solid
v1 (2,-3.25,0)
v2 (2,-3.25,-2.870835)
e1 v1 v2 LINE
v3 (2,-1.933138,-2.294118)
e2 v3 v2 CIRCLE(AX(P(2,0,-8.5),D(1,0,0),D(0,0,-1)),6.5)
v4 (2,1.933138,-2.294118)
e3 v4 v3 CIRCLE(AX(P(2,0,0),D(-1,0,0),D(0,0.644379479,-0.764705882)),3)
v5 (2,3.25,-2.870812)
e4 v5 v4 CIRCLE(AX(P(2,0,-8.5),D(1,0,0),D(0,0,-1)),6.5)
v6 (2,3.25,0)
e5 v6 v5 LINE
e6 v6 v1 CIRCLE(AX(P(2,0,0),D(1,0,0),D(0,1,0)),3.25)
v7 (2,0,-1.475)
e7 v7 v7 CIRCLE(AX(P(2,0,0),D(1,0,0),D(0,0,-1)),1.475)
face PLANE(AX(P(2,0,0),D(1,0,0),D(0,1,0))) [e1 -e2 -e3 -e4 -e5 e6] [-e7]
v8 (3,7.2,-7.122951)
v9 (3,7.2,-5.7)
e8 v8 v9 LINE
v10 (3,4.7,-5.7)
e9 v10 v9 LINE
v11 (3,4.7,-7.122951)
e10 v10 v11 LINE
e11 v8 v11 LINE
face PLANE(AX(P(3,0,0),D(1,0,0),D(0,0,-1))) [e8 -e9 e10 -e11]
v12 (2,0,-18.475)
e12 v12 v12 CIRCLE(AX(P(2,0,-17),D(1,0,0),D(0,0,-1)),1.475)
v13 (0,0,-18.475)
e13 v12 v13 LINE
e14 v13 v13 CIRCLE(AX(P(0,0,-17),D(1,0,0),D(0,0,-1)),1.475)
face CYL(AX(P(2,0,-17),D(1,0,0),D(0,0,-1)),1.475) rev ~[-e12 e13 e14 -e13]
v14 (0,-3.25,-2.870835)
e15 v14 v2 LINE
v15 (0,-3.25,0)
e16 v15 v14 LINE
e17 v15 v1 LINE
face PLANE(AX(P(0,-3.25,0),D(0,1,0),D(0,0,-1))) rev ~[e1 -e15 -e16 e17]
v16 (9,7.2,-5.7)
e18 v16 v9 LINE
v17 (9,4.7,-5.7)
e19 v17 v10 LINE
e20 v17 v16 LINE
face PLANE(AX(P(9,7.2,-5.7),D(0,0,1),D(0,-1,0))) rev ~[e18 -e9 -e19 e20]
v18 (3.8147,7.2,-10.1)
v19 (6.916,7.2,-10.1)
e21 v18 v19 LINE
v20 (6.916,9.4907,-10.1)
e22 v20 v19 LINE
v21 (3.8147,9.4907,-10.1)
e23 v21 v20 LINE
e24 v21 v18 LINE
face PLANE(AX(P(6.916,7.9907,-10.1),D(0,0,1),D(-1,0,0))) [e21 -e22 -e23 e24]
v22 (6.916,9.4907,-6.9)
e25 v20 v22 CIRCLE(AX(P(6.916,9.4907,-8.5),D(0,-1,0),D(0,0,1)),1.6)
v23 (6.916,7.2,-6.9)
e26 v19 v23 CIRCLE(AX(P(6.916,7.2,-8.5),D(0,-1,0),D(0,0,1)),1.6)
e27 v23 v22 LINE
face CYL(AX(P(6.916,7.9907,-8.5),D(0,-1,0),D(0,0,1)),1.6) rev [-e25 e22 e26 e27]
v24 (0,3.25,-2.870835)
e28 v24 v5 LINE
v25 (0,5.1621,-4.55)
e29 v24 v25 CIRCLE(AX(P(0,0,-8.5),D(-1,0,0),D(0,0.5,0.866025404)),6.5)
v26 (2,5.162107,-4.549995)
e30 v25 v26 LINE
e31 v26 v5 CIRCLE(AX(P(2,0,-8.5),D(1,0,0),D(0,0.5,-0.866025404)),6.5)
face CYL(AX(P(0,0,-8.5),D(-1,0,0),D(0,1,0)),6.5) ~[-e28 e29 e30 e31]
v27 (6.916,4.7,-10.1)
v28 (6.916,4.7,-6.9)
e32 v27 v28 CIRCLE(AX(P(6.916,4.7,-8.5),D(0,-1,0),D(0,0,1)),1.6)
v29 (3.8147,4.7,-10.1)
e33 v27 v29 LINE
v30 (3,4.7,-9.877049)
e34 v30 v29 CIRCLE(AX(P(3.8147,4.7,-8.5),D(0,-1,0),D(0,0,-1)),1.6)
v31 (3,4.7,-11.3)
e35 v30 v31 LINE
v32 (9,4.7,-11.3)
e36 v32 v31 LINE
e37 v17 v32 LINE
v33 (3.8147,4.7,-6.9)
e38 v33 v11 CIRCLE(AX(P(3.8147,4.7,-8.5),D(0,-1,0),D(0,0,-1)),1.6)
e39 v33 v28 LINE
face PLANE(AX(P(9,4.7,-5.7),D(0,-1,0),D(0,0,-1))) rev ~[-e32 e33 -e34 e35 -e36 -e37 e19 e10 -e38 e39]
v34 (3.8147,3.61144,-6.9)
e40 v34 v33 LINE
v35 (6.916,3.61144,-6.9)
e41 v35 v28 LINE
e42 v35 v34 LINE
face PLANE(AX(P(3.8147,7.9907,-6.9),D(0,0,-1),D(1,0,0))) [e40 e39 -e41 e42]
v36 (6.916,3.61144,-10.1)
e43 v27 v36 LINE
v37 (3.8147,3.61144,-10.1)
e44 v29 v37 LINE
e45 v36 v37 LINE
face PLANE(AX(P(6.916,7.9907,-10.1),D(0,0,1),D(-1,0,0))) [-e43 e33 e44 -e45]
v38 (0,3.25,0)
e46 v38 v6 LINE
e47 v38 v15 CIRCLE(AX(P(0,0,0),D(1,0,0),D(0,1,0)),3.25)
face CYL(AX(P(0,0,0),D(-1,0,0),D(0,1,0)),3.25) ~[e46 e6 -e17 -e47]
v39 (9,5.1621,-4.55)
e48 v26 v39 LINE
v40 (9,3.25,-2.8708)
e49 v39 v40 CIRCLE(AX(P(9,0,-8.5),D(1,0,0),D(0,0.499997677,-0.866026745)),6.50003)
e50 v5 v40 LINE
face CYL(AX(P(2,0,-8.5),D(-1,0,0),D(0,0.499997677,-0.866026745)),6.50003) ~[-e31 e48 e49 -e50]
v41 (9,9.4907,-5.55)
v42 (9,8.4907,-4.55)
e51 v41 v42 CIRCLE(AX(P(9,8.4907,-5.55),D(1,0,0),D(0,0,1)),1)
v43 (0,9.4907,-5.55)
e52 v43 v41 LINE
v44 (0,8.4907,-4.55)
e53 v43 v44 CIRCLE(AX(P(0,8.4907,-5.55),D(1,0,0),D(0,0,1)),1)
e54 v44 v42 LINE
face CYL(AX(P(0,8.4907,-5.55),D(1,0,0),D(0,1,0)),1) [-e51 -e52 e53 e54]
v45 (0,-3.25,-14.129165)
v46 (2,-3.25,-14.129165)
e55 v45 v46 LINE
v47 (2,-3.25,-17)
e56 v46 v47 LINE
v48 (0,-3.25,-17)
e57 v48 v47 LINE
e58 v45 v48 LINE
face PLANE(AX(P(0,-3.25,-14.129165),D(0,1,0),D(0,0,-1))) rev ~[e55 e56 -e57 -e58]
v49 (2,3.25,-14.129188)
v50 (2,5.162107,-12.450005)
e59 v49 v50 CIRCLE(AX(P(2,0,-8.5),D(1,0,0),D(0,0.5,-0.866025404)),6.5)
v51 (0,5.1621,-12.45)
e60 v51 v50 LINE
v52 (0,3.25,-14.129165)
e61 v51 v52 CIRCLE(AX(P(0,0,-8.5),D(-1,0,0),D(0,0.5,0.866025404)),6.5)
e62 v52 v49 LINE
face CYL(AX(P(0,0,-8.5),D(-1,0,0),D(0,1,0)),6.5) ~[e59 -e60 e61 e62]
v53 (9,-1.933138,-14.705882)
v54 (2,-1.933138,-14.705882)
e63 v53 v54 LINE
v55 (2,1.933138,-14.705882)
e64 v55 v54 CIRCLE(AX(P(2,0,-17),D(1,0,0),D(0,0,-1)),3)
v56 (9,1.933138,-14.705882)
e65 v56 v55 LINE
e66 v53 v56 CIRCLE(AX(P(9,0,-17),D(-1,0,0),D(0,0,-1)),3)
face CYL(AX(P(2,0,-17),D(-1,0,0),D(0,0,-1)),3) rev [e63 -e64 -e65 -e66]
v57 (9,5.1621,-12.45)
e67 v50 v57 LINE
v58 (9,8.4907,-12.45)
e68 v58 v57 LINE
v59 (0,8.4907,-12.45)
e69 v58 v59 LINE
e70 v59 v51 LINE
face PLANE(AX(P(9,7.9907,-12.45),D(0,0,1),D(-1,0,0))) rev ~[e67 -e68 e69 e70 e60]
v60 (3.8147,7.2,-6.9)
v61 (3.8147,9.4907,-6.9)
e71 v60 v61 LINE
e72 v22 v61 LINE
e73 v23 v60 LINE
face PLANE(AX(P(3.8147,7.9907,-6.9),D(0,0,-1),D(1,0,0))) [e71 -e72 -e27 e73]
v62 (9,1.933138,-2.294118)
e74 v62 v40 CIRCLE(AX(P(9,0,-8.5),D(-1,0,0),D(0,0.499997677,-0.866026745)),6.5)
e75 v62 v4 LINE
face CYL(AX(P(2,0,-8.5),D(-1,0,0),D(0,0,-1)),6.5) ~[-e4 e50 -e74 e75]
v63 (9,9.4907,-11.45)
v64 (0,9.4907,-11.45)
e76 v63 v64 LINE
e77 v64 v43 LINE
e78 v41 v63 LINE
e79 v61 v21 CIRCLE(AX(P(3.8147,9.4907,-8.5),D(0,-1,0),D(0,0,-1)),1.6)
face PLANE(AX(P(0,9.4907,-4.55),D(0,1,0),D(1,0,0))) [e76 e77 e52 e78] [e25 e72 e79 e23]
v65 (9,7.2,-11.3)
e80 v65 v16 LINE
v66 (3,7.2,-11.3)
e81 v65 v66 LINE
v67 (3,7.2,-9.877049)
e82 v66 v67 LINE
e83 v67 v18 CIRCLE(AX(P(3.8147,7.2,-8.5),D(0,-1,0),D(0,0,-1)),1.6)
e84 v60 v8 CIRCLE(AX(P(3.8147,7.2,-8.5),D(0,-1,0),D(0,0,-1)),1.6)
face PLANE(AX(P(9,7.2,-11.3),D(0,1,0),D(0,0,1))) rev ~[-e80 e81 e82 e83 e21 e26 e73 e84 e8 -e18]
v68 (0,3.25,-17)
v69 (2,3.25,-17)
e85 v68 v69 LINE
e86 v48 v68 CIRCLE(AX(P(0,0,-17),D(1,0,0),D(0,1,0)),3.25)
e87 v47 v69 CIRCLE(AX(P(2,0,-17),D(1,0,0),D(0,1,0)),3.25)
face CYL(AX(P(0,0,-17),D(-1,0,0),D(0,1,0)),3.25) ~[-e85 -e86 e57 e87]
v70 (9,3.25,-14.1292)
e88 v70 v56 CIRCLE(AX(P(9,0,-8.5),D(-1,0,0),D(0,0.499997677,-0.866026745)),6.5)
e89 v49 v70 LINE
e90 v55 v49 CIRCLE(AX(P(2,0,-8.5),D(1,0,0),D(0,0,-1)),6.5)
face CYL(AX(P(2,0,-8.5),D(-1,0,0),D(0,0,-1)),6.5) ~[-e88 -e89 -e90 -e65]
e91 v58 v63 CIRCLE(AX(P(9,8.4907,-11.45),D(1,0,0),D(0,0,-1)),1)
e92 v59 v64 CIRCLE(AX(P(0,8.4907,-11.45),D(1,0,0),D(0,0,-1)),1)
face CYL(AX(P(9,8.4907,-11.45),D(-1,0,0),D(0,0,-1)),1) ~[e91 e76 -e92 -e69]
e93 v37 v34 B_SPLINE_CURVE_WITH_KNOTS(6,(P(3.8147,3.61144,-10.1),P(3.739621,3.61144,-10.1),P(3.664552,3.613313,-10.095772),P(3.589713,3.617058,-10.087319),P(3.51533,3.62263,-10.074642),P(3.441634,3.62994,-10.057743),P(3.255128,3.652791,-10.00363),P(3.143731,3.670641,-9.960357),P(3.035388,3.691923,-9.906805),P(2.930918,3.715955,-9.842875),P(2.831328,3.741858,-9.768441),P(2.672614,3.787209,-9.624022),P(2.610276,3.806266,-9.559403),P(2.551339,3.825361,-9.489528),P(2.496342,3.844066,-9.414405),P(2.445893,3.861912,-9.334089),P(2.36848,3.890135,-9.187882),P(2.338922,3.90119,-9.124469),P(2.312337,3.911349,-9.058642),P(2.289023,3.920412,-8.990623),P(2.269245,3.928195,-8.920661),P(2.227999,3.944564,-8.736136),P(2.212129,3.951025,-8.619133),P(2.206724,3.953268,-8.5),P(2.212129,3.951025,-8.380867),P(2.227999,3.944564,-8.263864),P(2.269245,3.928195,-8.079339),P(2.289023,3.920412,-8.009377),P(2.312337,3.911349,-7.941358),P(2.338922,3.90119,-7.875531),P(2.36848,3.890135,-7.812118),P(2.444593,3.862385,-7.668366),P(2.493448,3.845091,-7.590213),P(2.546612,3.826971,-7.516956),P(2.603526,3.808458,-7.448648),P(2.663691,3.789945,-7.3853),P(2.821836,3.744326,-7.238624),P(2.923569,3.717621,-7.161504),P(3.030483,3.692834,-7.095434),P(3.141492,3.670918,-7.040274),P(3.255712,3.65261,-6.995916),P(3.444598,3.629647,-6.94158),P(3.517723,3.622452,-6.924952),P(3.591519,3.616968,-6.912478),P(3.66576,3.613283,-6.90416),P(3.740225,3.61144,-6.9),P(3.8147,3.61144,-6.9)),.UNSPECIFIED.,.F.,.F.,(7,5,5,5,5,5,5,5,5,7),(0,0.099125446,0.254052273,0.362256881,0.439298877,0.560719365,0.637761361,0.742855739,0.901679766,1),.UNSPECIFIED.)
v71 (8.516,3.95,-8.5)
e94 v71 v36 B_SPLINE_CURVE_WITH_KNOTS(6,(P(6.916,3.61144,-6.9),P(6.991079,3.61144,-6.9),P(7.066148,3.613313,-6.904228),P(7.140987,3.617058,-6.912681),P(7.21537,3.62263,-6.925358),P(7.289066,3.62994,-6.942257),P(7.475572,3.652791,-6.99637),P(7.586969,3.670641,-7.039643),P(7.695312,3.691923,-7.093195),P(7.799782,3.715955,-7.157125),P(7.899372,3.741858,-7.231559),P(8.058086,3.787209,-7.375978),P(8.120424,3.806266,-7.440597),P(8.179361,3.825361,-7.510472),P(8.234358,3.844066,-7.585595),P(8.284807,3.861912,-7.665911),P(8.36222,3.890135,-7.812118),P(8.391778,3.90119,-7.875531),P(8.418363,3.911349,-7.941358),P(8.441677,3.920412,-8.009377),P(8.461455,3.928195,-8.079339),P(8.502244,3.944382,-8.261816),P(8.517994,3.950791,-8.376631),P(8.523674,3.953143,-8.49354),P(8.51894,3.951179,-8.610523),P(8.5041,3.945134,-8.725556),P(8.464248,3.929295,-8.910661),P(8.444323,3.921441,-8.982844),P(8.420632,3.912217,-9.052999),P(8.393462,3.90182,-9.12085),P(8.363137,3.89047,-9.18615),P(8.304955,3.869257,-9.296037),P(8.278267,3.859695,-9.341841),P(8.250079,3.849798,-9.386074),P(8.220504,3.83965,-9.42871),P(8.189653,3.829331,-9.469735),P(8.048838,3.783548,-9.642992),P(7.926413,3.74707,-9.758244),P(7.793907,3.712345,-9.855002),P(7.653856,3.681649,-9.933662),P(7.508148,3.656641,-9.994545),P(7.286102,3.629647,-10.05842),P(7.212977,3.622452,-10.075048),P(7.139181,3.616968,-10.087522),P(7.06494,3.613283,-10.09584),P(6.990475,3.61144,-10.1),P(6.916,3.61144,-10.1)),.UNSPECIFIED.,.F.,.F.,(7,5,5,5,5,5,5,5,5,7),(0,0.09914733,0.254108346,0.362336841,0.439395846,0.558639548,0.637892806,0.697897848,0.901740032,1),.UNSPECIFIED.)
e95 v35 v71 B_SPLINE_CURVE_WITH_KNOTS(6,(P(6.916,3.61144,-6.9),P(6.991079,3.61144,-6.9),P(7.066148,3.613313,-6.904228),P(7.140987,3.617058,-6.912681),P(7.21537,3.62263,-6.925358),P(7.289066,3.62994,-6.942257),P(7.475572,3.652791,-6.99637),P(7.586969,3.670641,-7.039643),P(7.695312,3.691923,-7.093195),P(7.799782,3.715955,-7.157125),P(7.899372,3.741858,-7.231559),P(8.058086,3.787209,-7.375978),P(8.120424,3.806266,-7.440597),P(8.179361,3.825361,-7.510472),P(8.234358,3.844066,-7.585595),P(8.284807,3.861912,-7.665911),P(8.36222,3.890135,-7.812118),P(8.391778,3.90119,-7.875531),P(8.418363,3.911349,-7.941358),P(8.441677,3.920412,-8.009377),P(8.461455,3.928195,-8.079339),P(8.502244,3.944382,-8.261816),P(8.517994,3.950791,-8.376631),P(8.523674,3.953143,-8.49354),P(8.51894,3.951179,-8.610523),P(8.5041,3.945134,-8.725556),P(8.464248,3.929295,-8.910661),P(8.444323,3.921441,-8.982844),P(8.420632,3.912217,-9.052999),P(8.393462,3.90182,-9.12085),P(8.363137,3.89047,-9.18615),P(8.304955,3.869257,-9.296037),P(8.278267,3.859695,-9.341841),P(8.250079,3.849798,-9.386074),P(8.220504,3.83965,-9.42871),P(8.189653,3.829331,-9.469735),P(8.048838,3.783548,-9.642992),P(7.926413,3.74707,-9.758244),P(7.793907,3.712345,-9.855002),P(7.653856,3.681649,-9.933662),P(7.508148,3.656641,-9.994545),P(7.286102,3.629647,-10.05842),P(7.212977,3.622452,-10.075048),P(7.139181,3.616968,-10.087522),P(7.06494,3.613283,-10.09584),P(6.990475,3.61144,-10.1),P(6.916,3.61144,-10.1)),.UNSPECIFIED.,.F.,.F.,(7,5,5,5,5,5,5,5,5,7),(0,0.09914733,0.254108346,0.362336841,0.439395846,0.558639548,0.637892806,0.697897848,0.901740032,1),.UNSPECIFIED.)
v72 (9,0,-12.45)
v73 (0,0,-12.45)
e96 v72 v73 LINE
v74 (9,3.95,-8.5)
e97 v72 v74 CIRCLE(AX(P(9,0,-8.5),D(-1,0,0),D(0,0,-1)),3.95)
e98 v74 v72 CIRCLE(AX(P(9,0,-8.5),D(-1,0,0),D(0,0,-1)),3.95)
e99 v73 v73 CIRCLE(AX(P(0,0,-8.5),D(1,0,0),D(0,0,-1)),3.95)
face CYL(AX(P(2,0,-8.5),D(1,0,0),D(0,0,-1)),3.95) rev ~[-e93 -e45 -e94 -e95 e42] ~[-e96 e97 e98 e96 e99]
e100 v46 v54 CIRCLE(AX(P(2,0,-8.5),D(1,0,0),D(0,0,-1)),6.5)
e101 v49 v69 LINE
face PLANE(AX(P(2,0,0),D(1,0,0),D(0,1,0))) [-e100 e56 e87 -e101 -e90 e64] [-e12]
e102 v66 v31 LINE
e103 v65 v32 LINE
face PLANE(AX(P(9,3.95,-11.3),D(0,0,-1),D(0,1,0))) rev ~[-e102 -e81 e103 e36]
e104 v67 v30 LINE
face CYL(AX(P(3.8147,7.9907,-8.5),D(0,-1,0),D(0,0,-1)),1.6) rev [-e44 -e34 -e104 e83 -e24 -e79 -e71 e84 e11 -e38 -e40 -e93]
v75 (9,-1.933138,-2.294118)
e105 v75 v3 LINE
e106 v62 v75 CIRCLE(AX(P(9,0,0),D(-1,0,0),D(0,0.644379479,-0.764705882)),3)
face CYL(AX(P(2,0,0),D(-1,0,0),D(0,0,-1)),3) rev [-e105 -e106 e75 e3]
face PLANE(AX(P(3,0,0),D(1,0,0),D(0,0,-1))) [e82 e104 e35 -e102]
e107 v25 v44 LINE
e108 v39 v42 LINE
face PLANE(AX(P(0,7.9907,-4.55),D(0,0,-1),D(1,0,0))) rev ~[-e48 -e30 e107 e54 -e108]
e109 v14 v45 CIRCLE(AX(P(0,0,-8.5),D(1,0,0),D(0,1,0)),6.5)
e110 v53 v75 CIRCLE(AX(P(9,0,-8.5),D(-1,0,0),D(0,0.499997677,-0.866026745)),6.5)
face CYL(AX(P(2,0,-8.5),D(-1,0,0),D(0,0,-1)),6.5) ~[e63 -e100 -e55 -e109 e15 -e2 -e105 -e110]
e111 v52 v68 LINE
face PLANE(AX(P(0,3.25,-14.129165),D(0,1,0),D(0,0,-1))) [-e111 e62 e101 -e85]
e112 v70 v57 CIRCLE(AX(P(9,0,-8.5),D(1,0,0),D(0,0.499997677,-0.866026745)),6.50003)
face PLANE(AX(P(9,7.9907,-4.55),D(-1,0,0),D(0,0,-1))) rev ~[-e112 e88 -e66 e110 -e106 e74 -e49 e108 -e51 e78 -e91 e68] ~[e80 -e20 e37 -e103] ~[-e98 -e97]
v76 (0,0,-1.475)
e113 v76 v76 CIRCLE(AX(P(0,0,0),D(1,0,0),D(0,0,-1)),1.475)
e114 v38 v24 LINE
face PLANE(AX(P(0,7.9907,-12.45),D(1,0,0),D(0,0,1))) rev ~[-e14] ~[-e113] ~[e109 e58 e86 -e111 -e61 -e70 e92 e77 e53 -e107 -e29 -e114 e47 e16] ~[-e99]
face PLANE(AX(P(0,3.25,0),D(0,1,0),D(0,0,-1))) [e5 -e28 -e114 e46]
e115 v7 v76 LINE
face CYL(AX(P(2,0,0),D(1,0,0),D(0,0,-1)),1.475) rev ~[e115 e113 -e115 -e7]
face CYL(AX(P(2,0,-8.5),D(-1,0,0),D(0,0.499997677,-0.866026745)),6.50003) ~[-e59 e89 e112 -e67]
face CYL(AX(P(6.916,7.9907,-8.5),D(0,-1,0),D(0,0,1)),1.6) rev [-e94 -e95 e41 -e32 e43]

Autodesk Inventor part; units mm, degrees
ref_plane "YZ Plane" through (0, 0, 0) normal (1, 0, 0) x (0, 1, 0)
ref_plane "XZ Plane" through (0, 0, 0) normal (0, 1, 0) x (-1, 0, 0)
ref_plane "XY Plane" through (0, 0, 0) normal (0, 0, 1) x (1, 0, 0)
sketch "Sketch1" plane through (0, 0, 0) normal (1, 0, 0) x (0, 1, 0)
  line L0 (0, 0) -> (0, -17)
  circle A0 centre (0, 0) radius 1.6
  circle A1 centre (0, -17) radius 1.6
  circle A2 centre (0, 0) radius 3.25
  circle A3 centre (0, -17) radius 3.25
  circle A4 centre (0, -8.5) radius 6.5
  line L1 (3.25, 0) -> (3.25, -17)
  line L2 (-3.25, 0) -> (-3.25, -17)
  point P0 (3.25, -14.1292)
  point P1 (3.25, -2.8708)
  point P2 (-3.25, -2.8708)
  point P3 (-3.25, -14.1292)
  dimension "d3" = 6.5
  dimension "d4" = 6.5
  dimension "d0" = 17
  dimension "d1" = 3.2
  dimension "d2" = 3.2
  dimension "d5" = 13
extrude "Extrusion1" add sketch "Sketch1" along normal blind 2
sketch "Sketch2" plane through (2, 0, 0) normal (1, 0, 0) x (0, 0, -1)
  arc A0 (14.1292, 3.25) -> (2.8708, 3.25) centre (8.5, 0) ccw projected
  circle A1 centre (8.5, 0) radius 6.5
  circle A2 centre (8.5, 0) radius 3.95
  point P0 (0, 0)
  point P1 (2.8708, 3.25)
  point P2 (14.1292, 3.25)
  dimension "d8" = 7.9
extrude "Extrusion2" add sketch "Sketch2" along normal blind 7
sketch "Sketch3" plane through (2, 0, 0) normal (1, 0, 0) x (0, 0, -1)
  circle A0 centre (0, 0) radius 3
  circle A1 centre (17, 0) radius 1.6 projected
  circle A2 centre (17, 0) radius 3
  dimension "d11" = 6
  dimension "d12" = 6
extrude "Extrusion3" cut sketch "Sketch3" along normal through all contours A0 | A1 | A2
sketch "Sketch4" plane through (0, 0, 0) normal (-1, 0, 0) x (0, 0, 1)
  circle A0 centre (-8.5, 0) radius 3.95 projected
  line L0 (-8.5, 0) -> (-8.5, 3.95)
  line L1 (-5.7, 6.45) -> (-11.3, 6.45)
  line L2 (-11.3, 6.45) -> (-11.3, 1.45)
  line L3 (-11.3, 1.45) -> (-5.7, 1.45)
  line L4 (-5.7, 1.45) -> (-5.7, 6.45)
  line L5 (-5.7, 6.45) -> (-11.3, 1.45) construction
  line L6 (-11.3, 6.45) -> (-5.7, 1.45) construction
  line L7 (-11.3, 3.95) -> (-5.7, 3.95)
  line L8 (-12.45, -7.9907) -> (-4.55, -7.9907)
  line L9 (-4.55, -7.9907) -> (-4.55, 7.9907)
  line L10 (-4.55, 7.9907) -> (-12.45, 7.9907)
  line L11 (-12.45, 7.9907) -> (-12.45, -7.9907)
  line L12 (-12.45, -7.9907) -> (-4.55, 7.9907) construction
  line L13 (-4.55, -7.9907) -> (-12.45, 7.9907) construction
  arc A1 (-2.2941, 1.9331) -> (-14.7059, 1.9331) centre (-8.5, 0) ccw projected
  line L14 (-4.55, 5.1621) -> (-12.45, 5.1621)
  point P0 (0, 0)
  point P1 (-5.7, 5.1621)
  point P2 (-5.7, 2.7861)
  point P3 (-4.55, 0)
  dimension "d15" = 5.6
  dimension "d16" = 5
extrude "Extrusion4" add sketch "Sketch4" against normal blind 9 contours A0 L4 L14 L9 | A1 L4 L1 L2 L11 L10 L9 | L14 L4 A1 | A1 L2 L14 | A1 L1 L4 | L4 L14 L2 A1 L1 | L2 L1 A1 | L1 A1
sketch "Sketch5" plane through (9, 0, 0) normal (1, 0, 0) x (0, 0, -1)
  circle A0 centre (8.5, 0) radius 3.95 projected
  line L0 (8.5, 0) -> (8.5, 3.95)
  line L1 (5.7, 1.45) -> (11.3, 1.45)
  line L2 (11.3, 1.45) -> (11.3, 6.45)
  line L3 (11.3, 6.45) -> (5.7, 6.45)
  line L4 (5.7, 6.45) -> (5.7, 1.45)
  line L5 (5.7, 1.45) -> (11.3, 6.45) construction
  line L6 (11.3, 1.45) -> (5.7, 6.45) construction
  line L7 (8.5, 3.95) -> (5.7, 3.95)
  line L8 (5.7, 3.95) -> (11.3, 3.95)
  point P0 (0, 0)
  dimension "d19" = 5.6
  dimension "d20" = 5
extrude "Extrusion5" cut sketch "Sketch5" against normal blind 6 contours L7 L4 L3 L2 L8
sketch "Sketch6" plane through (0, 7.9907, -4.55) normal (0, 1, 0) x (1, 0, 0)
  point P0 (0, -4.55)
sketch "Sketch7" plane through (0, 7.9907, -4.55) normal (0, 1, 0) x (1, 0, 0)
  line L0 (9, 3.95) -> (3, 3.95) projected
  line L1 (3.8147, 3.95) -> (6.916, 3.95) construction
  line L2 (3.8147, 2.35) -> (6.916, 2.35)
  line L3 (6.916, 5.55) -> (3.8147, 5.55)
  arc A0 (3.8147, 5.55) -> (3.8147, 2.35) centre (3.8147, 3.95) ccw
  arc A1 (6.916, 2.35) -> (6.916, 5.55) centre (6.916, 3.95) ccw
  point P0 (0, -4.55)
  point P1 (5.3654, 3.95)
  dimension "d23" = 3.2
sketch "Sketch8" plane through (9, 3.95, -8.5) normal (0, 1, 0) x (1, 0, 0)
  line L0 (0, 0) -> (0, -2.8) projected
  line L1 (-7, -3.95) -> (-7, 3.95) projected
  line L2 (0, -2.8) -> (-7, -2.8)
  line L3 (-7, -2.8) -> (-7, 2.7358)
  line L4 (0, -2.8) -> (-7, -2.8)
  line L5 (-7, -2.8) -> (-7, 2.8)
  line L6 (-7, 2.8) -> (0, 2.8)
  line L7 (0, 2.8) -> (0, -2.8)
  point P0 (-9, -8.5)
  dimension "d28" = 5.6
sketch "Sketch9" plane through (9, 0, 0) normal (1, 0, 0) x (0, 0, -1)
  line L0 (5.7, 3.95) -> (5.7, 6.45) projected
  line L1 (5.7, 6.45) -> (11.3, 6.45)
  line L2 (11.3, 6.45) -> (11.3, 7.2)
  line L3 (11.3, 7.2) -> (5.7, 7.2)
  line L4 (5.7, 7.2) -> (5.7, 6.45)
  point P0 (0, 0)
  dimension "d29" = 0.75
extrude "Extrusion8" cut sketch "Sketch9" against normal blind 6
sketch "Sketch10" plane through (9, 0, 0) normal (1, 0, 0) x (0, 0, -1)
  line L0 (11.3, 7.2) -> (11.3, 3.95) projected
  line L1 (5.7, 3.95) -> (5.7, 7.2) projected
  line L2 (11.3, 3.95) -> (5.7, 3.95)
  line L3 (5.7, 3.95) -> (5.7, 4.7)
  line L4 (5.7, 4.7) -> (11.3, 4.7)
  line L5 (11.3, 4.7) -> (11.3, 3.95)
  point P0 (0, 0)
  dimension "d32" = 0.75
extrude "Extrusion9" add sketch "Sketch10" against normal blind 6
sketch "Sketch11" plane through (0, 7.9907, -4.55) normal (0, 1, 0) x (1, 0, 0)
  line L0 (0, -1.6792) -> (0, 0) projected
  line L1 (9, 7.9) -> (9, 10.1559) projected
  line L2 (0, 0) -> (9, 0)
  line L3 (9, 0) -> (9, 7.9)
  line L4 (9, 7.9) -> (0, 7.9)
  line L5 (0, 7.9) -> (0, 0)
  point P0 (0, -4.55)
extrude "Extrusion11" add sketch "Sketch11" along normal blind 1.5
extrude "Extrusion12" cut sketch "Sketch7" along normal mid plane 10
fillet "Fillet1" radius 1 2 edges at (4.5, 9.4907, -4.55) (4.5, 9.4907, -12.45)
sketch "Sketch12" plane through (2, 0, 0) normal (1, 0, 0) x (0, 0, -1)
  circle A0 centre (0, 0) radius 1.6 projected
  circle A1 centre (0, 0) radius 2.1992
  circle A2 centre (17, 0) radius 1.6 projected
  circle A3 centre (17, 0) radius 2.2664
extrude "Extrusion13" add sketch "Sketch12" against normal blind 2 contours A0 | A1 | A2 | A3
sketch "Sketch13" plane through (2, 0, 0) normal (1, 0, 0) x (0, 0, -1)
  circle A0 centre (0, 0) radius 1.475
  arc A1 (17, -3.25) -> (17, 3.25) centre (17, 0) ccw projected
  circle A2 centre (17, 0) radius 1.475
  dimension "d44" = 2.95
  dimension "d45" = 2.95
extrude "Extrusion14" cut sketch "Sketch13" against normal blind 2
sketch "Sketch14" plane through (2, 0, -8.5) normal (1, 0, 0) x (0, 0, -1)
  circle A0 centre (0, 0) radius 3.95
  point P0 (-8.5, 0)
extrude "Extrusion15" cut sketch "Sketch14" against normal blind 10
sketch "Sketch15" plane through (2, 0, 0) normal (1, 0, 0) x (0, 0, -1)
  point P0 (0, 0)
properties part number "acople2"
